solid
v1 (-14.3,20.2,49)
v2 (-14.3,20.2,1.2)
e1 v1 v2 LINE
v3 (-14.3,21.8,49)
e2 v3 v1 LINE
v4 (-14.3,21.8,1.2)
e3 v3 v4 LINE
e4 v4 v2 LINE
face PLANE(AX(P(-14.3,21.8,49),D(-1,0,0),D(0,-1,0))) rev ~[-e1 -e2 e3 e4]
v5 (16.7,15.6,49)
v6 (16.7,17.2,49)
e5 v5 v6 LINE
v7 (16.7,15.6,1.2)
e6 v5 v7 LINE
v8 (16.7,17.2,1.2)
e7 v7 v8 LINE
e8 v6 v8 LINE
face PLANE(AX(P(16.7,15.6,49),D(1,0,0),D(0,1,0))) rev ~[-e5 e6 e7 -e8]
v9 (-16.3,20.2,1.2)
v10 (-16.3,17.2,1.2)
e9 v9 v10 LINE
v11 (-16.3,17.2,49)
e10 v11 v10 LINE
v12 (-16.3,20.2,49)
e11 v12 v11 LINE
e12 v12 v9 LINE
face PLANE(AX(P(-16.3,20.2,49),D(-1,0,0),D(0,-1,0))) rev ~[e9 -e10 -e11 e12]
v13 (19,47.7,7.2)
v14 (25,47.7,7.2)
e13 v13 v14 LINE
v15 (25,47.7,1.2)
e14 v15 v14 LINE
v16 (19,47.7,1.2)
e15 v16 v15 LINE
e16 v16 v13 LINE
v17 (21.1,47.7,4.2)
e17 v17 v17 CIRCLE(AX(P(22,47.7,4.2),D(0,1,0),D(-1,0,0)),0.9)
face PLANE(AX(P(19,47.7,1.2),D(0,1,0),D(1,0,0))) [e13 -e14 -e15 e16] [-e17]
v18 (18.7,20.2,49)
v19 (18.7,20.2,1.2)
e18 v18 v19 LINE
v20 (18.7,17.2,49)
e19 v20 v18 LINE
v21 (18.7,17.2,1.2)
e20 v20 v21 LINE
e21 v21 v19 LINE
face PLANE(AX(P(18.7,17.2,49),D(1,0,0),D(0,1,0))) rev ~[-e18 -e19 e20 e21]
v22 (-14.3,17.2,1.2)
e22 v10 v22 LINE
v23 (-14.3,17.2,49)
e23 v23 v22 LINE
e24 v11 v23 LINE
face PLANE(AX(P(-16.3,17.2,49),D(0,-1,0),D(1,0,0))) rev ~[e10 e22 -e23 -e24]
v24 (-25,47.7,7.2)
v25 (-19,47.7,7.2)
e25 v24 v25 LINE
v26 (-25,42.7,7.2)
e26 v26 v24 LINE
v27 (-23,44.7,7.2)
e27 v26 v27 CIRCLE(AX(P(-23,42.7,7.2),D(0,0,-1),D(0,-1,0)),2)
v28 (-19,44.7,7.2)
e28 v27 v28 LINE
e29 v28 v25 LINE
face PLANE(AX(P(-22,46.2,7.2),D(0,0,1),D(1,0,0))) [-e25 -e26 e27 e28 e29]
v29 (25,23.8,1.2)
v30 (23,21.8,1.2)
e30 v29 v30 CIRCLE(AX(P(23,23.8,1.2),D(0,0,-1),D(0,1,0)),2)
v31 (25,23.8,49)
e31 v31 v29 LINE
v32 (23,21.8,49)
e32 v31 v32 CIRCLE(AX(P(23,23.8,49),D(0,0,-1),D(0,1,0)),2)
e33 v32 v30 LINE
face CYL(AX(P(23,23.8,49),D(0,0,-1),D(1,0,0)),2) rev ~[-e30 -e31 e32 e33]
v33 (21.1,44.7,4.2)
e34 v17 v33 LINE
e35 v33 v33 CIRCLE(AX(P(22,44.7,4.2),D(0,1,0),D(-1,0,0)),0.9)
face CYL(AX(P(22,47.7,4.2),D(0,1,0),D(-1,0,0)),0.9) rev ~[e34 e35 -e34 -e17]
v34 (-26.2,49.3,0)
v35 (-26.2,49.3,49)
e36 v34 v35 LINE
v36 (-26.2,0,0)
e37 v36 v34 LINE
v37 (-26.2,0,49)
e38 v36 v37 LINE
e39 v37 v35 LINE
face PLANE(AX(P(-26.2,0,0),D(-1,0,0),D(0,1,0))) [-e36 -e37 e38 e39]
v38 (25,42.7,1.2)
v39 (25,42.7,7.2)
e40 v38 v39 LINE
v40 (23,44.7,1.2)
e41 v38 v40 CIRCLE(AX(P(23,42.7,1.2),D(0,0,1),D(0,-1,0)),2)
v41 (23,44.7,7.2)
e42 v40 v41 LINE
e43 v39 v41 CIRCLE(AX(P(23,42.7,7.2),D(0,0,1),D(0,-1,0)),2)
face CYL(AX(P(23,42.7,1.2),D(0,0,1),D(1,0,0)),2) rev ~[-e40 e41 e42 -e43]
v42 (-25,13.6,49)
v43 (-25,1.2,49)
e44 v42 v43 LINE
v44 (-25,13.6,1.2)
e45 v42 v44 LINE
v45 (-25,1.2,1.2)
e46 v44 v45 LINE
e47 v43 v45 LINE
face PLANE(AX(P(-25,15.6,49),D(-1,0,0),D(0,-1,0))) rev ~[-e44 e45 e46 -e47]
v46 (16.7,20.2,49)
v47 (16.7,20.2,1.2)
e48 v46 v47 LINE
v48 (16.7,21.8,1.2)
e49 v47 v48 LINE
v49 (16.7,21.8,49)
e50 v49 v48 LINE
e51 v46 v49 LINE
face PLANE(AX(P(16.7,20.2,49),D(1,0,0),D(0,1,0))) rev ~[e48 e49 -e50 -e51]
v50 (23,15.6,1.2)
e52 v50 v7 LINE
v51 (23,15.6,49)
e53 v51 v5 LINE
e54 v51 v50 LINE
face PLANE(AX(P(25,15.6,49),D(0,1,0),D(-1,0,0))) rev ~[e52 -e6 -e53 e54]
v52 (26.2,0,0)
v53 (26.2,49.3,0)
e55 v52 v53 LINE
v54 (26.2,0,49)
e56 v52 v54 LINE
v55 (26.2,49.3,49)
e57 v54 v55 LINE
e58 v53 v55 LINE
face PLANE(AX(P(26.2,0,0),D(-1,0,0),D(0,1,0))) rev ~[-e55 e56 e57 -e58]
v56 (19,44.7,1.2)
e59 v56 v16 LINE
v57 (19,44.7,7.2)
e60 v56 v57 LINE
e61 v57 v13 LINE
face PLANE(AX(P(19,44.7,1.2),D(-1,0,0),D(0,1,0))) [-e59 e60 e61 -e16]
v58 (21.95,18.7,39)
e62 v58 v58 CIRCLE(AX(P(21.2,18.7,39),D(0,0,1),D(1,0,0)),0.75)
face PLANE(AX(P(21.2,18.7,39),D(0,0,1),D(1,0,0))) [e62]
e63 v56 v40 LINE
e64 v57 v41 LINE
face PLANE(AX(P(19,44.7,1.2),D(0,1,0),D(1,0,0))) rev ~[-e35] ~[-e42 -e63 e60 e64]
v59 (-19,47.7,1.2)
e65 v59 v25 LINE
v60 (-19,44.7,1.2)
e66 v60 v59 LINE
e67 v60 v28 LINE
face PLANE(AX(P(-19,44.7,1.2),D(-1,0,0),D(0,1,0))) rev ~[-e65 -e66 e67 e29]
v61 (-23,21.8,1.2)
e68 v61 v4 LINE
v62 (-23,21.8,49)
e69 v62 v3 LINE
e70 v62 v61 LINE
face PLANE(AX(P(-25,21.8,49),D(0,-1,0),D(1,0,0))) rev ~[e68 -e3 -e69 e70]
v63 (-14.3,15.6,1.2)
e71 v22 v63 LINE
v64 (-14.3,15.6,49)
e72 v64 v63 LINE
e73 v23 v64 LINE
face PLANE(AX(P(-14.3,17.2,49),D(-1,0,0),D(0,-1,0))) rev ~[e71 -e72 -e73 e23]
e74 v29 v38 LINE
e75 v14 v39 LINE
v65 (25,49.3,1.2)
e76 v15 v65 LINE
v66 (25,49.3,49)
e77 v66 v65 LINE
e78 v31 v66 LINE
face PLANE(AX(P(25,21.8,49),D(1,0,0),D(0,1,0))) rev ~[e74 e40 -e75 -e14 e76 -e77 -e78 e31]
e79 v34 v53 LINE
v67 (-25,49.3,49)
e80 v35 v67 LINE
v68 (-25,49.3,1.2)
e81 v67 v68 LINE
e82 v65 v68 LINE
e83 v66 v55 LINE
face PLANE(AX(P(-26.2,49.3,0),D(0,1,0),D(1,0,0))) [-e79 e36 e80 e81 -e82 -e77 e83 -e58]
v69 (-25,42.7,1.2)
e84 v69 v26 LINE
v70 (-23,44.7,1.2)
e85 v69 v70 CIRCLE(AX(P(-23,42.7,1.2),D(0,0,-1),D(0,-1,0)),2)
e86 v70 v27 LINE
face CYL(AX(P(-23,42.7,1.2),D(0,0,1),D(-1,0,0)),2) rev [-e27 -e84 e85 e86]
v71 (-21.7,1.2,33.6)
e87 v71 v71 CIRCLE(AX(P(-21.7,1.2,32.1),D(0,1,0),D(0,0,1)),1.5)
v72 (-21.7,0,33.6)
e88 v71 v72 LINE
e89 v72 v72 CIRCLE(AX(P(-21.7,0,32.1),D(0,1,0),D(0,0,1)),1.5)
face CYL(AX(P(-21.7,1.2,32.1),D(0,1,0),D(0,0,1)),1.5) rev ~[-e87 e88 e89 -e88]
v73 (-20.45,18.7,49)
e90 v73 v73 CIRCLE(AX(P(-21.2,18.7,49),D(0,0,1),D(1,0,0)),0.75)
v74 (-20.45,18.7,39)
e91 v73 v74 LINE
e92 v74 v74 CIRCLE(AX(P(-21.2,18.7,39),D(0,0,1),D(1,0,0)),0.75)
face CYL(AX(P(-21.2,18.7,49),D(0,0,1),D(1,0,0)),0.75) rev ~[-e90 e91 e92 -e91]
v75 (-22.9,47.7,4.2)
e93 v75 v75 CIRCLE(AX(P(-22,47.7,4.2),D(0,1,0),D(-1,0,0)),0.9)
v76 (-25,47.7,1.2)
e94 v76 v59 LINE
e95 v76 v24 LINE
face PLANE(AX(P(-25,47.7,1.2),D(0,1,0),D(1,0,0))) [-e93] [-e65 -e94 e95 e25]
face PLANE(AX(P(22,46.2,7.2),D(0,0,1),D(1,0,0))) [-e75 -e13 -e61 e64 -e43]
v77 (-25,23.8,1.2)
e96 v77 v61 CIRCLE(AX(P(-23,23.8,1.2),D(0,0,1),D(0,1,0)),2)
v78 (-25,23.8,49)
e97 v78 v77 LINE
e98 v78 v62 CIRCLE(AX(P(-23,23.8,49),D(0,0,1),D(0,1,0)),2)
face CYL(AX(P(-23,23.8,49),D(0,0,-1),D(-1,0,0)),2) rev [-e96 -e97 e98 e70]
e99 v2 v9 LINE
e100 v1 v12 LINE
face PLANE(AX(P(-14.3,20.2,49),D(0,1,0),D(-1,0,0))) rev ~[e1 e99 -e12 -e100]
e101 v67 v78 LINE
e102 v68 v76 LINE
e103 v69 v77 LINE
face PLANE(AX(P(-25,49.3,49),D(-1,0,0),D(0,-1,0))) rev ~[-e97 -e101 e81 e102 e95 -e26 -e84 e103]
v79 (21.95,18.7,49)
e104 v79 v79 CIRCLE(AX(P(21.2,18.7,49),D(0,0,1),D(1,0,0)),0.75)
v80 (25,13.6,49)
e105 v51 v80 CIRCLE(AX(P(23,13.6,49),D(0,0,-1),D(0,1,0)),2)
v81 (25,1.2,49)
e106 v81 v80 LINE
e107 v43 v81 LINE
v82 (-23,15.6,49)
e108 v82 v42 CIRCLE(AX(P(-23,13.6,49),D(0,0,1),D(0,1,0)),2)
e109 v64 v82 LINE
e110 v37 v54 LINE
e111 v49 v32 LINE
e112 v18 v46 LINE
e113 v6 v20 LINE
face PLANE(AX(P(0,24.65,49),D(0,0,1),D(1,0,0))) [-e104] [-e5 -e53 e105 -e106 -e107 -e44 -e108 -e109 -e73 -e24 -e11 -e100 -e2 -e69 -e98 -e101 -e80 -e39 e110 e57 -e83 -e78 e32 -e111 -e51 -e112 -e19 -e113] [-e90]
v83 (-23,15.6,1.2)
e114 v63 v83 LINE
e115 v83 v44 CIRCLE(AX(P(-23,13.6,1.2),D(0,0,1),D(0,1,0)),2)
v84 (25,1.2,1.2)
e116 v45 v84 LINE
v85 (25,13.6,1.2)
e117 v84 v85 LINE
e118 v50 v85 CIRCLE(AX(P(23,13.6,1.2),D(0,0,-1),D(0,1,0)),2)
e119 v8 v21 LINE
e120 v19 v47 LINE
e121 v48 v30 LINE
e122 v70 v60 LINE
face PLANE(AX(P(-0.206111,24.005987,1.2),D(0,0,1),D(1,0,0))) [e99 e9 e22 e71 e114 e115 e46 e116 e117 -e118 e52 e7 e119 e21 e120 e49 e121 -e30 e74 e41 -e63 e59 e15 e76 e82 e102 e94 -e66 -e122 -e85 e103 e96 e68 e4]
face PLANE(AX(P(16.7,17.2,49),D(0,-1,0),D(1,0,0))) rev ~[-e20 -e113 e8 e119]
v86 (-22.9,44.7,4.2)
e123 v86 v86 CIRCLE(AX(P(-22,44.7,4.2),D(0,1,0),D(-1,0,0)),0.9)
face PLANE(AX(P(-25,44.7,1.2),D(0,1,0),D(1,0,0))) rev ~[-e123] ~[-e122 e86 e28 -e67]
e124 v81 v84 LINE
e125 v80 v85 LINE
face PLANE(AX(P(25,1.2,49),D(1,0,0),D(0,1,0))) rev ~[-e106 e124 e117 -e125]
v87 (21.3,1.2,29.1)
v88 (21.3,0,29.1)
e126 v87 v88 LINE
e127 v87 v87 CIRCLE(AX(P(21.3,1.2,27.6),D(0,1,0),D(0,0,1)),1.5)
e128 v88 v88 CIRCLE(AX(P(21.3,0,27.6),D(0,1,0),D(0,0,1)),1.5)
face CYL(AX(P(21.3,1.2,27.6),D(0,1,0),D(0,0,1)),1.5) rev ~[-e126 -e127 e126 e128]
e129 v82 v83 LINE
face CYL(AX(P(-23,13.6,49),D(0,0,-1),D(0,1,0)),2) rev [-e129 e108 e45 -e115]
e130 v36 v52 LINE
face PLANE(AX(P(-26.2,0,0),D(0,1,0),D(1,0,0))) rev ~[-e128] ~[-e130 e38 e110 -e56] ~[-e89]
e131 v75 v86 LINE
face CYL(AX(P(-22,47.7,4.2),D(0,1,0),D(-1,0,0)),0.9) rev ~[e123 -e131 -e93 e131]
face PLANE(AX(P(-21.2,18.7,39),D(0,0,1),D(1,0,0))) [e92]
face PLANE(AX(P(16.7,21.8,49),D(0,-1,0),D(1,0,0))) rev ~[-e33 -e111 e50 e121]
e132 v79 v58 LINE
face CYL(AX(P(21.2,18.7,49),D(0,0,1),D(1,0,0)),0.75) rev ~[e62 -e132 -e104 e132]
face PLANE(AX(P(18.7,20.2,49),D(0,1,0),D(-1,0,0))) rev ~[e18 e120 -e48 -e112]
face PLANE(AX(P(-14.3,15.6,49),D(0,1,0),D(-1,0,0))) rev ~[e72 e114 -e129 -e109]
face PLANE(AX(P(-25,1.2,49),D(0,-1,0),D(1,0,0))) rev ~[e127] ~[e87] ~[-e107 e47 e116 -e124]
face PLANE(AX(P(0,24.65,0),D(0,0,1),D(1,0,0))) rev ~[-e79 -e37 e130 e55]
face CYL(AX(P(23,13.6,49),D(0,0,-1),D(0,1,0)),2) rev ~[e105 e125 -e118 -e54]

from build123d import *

# Parameters (mm, degrees)
SKETCH1_W           = 52.4
SKETCH1_H           = 49.3
BOSS_EXTRUDE1_DEPTH = 49
CUT_EXTRUDE1_DEPTH  = 47.8
SKETCH3_W           = 6
SKETCH3_H           = 3
BOSS_EXTRUDE2_DEPTH = 6
SKETCH4_R           = 0.75
CUT_EXTRUDE2_DEPTH  = 10
SKETCH5_R           = 1.5
CUT_EXTRUDE3_DEPTH  = 74.491836281
SKETCH6_R           = 0.9
CUT_EXTRUDE4_DEPTH  = 5
FILLET1_R           = 2


with BuildPart() as part:
    # Sketch1 → Boss-Extrude1 (new body)
    with BuildSketch(Plane.XY):
        with Locations((0, 24.65)):
            Rectangle(SKETCH1_W, SKETCH1_H)
    extrude(amount=BOSS_EXTRUDE1_DEPTH)

    # Sketch2 → Cut-Extrude1 (cut)
    with BuildSketch(Plane.XY.offset(49)):
        Polygon((25, 1.2), (25, 15.6), (16.7, 15.6), (16.7, 17.2), (18.7, 17.2), (18.7, 20.2), (16.7, 20.2), (16.7, 21.8), (25, 21.8), (25, 49.3), (-25, 49.3), (-25, 21.8), (-14.3, 21.8), (-14.3, 20.2), (-16.3, 20.2), (-16.3, 17.2), (-14.3, 17.2), (-14.3, 15.6), (-25, 15.6), (-25, 1.2), align=None)
    extrude(amount=-CUT_EXTRUDE1_DEPTH, mode=Mode.SUBTRACT)

    # Sketch3 → Boss-Extrude2 (add)
    with BuildSketch(Plane.XY.offset(1.2)):
        with Locations((-22, 46.2)):
            Rectangle(SKETCH3_W, SKETCH3_H)
        with Locations((22, 46.2)):
            Rectangle(SKETCH3_W, SKETCH3_H)
    extrude(amount=BOSS_EXTRUDE2_DEPTH)

    # Sketch4 → Cut-Extrude2 (cut)
    with BuildSketch(Plane.XY.offset(49)):
        with Locations((-21.2, 18.7)):
            Circle(SKETCH4_R)
        with Locations((21.2, 18.7)):
            Circle(SKETCH4_R)
    extrude(amount=-CUT_EXTRUDE2_DEPTH, mode=Mode.SUBTRACT)

    # Sketch5 → Cut-Extrude3 (cut, through all)
    with BuildSketch(Plane(origin=(0, 1.2, 0), x_dir=(1, 0, 0), z_dir=(0, 1, 0))):
        with Locations(Location((-21.7, -32.1, 0), (0, 0, 270))):
            Circle(SKETCH5_R)
        with Locations(Location((21.3, -27.6, 0), (0, 0, 270))):
            Circle(SKETCH5_R)
    extrude(amount=-CUT_EXTRUDE3_DEPTH, mode=Mode.SUBTRACT)

    # Sketch6 → Cut-Extrude4 (cut)
    with BuildSketch(Plane(origin=(0, 47.7, 0), x_dir=(1, 0, 0), z_dir=(0, 1, 0))):
        with Locations(Location((22, -4.2, 0), (0, 0, 180))):
            Circle(SKETCH6_R)
        with Locations(Location((-22, -4.2, 0), (0, 0, 180))):
            Circle(SKETCH6_R)
    extrude(amount=-CUT_EXTRUDE4_DEPTH, mode=Mode.SUBTRACT)

    # Fillet1
    fillet1_edges = [part.edges().sort_by_distance(p)[0] for p in [
        (-25, 15.6, 25.1),
        (-25, 21.8, 25.1),
        (25, 21.8, 25.1),
        (25, 15.6, 25.1),
        (-25, 44.7, 4.2),
        (25, 44.7, 4.2),
    ]]
    fillet(fillet1_edges, radius=FILLET1_R)


solid = part.part
